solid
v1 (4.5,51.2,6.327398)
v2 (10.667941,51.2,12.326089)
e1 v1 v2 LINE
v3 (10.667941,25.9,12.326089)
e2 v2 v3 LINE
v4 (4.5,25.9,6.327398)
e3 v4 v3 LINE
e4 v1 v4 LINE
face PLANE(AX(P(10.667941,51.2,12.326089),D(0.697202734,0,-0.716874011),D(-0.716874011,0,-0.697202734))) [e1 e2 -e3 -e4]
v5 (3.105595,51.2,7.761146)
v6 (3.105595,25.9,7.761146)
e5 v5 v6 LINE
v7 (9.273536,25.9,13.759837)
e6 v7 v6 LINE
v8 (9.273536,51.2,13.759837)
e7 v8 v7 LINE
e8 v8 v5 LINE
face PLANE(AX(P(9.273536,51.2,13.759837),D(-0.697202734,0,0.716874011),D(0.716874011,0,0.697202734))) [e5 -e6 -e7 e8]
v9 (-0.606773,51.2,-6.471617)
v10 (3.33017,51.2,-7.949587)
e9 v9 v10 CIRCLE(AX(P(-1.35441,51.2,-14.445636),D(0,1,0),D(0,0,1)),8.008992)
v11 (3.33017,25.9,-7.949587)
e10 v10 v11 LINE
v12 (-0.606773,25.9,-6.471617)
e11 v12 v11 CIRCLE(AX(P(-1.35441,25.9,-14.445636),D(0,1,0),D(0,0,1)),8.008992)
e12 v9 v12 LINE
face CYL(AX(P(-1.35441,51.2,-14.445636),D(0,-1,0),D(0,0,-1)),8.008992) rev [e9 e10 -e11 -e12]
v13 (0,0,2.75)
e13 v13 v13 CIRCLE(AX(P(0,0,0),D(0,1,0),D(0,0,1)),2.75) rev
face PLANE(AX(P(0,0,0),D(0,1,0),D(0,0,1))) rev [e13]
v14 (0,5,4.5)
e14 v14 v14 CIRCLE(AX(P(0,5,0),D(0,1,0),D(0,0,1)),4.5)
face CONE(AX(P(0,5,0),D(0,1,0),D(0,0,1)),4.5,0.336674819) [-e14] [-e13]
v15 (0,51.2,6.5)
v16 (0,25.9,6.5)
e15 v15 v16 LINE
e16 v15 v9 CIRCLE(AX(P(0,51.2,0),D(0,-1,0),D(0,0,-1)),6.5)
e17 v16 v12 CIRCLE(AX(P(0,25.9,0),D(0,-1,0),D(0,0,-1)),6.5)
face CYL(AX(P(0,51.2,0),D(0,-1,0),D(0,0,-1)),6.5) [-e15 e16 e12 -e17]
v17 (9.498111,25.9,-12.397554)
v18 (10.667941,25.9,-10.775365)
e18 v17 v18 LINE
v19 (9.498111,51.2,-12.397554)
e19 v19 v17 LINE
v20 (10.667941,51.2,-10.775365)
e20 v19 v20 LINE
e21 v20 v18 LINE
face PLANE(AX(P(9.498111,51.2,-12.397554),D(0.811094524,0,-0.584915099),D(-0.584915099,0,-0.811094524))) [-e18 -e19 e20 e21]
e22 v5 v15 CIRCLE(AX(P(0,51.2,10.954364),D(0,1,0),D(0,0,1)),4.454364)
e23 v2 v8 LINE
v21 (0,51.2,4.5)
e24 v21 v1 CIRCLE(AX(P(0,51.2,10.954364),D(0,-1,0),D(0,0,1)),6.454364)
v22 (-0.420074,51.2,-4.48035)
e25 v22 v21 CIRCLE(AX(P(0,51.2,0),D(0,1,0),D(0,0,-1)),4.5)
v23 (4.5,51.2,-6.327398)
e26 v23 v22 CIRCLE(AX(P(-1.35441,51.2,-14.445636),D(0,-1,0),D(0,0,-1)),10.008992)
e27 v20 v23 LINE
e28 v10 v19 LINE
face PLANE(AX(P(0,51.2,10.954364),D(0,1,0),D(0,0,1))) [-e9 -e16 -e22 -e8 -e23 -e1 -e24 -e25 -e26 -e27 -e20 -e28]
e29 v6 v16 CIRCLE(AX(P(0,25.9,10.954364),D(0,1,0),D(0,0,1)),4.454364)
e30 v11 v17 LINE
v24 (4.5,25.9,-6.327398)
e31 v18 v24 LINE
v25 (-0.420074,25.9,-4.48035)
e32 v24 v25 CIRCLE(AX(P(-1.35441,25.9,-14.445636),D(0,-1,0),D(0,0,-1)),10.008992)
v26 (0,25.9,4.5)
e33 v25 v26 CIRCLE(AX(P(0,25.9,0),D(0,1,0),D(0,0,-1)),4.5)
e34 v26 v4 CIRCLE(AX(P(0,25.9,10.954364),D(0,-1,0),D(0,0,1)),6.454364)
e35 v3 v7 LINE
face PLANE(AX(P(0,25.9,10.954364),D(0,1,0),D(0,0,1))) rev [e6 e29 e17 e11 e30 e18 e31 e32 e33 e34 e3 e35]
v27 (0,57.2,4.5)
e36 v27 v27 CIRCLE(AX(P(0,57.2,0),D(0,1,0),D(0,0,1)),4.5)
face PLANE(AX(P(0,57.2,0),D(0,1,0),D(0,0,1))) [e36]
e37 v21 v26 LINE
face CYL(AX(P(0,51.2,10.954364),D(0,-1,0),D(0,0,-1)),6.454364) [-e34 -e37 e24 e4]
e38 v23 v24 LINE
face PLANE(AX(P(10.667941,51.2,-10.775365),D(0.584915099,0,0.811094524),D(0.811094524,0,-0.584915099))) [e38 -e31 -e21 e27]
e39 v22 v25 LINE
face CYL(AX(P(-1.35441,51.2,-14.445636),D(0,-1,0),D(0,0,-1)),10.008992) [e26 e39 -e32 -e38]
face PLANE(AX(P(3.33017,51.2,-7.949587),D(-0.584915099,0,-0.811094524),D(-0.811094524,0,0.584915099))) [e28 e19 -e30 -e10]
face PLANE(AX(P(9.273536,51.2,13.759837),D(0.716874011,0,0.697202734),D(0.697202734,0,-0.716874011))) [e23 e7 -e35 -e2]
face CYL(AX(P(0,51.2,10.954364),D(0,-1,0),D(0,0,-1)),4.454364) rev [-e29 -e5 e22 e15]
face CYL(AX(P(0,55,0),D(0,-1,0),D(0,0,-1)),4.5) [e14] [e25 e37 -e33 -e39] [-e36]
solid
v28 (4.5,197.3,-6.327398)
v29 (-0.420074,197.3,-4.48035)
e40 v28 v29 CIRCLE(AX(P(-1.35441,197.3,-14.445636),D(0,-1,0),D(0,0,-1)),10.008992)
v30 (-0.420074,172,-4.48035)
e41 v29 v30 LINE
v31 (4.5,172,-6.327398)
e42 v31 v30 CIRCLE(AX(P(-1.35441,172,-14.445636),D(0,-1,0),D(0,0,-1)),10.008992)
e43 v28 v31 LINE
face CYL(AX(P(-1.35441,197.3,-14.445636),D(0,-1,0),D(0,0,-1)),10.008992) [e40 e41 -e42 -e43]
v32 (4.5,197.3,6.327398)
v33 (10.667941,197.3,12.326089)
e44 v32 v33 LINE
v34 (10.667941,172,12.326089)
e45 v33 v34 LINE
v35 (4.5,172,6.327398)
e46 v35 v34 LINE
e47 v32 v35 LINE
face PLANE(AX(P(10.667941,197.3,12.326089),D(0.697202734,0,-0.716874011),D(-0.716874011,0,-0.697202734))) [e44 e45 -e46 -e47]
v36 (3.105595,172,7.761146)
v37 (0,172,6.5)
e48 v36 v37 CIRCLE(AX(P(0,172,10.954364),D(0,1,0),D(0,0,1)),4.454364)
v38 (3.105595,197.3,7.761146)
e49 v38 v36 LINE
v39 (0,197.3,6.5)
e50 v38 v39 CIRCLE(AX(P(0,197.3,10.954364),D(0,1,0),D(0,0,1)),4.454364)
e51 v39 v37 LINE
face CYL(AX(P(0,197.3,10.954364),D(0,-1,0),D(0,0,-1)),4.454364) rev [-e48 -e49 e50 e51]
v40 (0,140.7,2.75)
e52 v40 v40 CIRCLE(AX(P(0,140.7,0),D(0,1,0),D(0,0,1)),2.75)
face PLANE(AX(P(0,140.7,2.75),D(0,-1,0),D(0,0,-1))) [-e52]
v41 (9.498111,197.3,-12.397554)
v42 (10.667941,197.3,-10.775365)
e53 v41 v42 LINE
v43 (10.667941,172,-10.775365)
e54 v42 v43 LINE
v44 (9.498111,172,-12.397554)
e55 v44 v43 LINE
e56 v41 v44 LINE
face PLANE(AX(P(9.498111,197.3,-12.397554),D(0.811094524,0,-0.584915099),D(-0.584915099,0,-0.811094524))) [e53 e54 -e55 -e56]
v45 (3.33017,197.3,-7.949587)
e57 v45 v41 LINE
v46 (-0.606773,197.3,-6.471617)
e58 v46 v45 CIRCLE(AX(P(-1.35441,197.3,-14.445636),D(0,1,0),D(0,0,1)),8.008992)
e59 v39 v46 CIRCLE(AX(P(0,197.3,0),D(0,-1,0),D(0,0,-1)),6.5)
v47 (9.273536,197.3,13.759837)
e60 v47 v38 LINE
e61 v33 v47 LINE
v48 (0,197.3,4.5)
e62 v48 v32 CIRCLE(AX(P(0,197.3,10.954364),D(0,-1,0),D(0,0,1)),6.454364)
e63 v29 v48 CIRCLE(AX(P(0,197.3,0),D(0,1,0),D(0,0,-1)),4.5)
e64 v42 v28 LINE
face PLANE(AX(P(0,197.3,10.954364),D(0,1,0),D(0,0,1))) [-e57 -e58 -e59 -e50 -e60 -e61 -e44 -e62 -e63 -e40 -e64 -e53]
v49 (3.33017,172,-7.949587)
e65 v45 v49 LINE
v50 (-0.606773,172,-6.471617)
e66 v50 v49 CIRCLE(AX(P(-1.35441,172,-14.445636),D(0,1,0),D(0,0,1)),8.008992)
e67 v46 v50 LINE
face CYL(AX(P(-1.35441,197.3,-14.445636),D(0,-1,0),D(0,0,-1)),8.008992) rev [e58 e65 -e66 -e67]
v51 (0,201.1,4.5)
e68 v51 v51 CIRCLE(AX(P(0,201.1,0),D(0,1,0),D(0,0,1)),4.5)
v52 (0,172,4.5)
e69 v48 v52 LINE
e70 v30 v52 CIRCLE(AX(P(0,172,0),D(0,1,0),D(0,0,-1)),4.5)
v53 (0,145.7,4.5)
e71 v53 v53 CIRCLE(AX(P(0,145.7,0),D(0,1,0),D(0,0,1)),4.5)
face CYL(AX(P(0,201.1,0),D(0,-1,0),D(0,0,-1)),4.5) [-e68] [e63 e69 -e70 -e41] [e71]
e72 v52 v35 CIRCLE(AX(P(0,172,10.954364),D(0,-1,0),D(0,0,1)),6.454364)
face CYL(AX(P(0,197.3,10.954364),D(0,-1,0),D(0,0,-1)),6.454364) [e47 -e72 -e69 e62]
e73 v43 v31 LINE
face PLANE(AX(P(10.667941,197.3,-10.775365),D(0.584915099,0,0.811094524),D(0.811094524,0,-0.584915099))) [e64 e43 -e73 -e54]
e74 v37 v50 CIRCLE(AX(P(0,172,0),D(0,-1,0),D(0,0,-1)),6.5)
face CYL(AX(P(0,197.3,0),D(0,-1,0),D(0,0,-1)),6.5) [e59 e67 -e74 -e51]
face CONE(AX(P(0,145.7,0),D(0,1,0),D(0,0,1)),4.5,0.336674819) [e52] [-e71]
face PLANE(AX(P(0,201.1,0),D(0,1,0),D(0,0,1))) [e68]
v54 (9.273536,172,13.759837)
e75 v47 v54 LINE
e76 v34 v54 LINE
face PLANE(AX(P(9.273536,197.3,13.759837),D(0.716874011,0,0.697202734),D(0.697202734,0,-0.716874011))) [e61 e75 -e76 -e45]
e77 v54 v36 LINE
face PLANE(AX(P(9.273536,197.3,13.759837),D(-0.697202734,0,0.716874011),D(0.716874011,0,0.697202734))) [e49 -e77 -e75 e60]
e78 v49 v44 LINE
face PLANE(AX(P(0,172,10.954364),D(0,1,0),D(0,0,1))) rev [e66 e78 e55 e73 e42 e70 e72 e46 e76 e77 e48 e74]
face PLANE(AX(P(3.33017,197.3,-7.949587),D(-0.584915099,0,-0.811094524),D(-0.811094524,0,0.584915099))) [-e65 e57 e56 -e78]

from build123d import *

# Parameters (mm, degrees)
SKETCH1_R           = 4.5
BOSS_EXTRUDE1_DEPTH = 55
CHAMFER1_SIZE       = 1.75
CHAMFER1_SIZE2      = 5
BOSS_EXTRUDE2_DEPTH = 25.3
LPATTERN1_COUNT     = 2
LPATTERN1_PITCH     = 146.1
SKETCH4_R           = 4.5
BOSS_EXTRUDE3_DEPTH = 2.2


with BuildPart() as part:
    # Sketch1 → Boss-Extrude1 (new body)
    with BuildSketch(Plane(origin=(0, 0, 0), x_dir=(1, 0, 0), z_dir=(0, 1, 0))):
        Circle(SKETCH1_R)
    extrude(amount=BOSS_EXTRUDE1_DEPTH)

    # Chamfer1
    chamfer1_edges = [part.edges().sort_by_distance(p)[0] for p in [
        (-4.5, 0, 0),
    ]]
    chamfer1_side = [part.faces().sort_by_distance(p)[0] for p in [
        (0, 0, 0),
    ]]
    chamfer(chamfer1_edges, length=CHAMFER1_SIZE, length2=CHAMFER1_SIZE2, reference=chamfer1_side[0])

    # Sketch2 → Boss-Extrude2 (add)
    with BuildSketch(Plane(origin=(0, 25.9, 0), x_dir=(-1, 0, 0), z_dir=(0, -1, 0))):
        with BuildLine():
            Line((-10.667941217, -12.326088827), (-4.5, -6.327398099))
            ThreePointArc((-4.5, -6.327398099), (-2.428445172, -4.974274671), (0, -4.5))
            ThreePointArc((0, -4.5), (4.495084869, -0.210266542), (0.420073756, 4.480350214))
            ThreePointArc((0.420073756, 4.480350214), (-2.163354244, 5.075191059), (-4.5, 6.327398099))
            Line((-4.5, 6.327398099), (-10.667941217, 10.775365439))
            Line((-10.667941217, 10.775365439), (-9.498111019, 12.397554486))
            Line((-9.498111019, 12.397554486), (-3.330169801, 7.949587147))
            ThreePointArc((-3.330169801, 7.949587147), (-1.460433366, 6.947596528), (0.606773203, 6.471616976))
            ThreePointArc((0.606773203, 6.471616976), (6.492900367, -0.303718338), (0, -6.5))
            ThreePointArc((0, -6.5), (-1.67594801, -6.827312183), (-3.105594531, -7.761146121))
            Line((-3.105594531, -7.761146121), (-9.273535749, -13.759836849))
            Line((-9.273535749, -13.759836849), (-10.667941217, -12.326088827))
        make_face()
    extrude(amount=-BOSS_EXTRUDE2_DEPTH)


with BuildPart() as lpattern1_1:
    # LPattern1: pattern copy
    add(part.part.moved(Location(Vector(0, 1, 0) * (1 * LPATTERN1_PITCH))))

    # Sketch3 → Revolve3 (revolve)
    with BuildSketch(Plane(origin=(0, 0, 0), x_dir=(0, 0, -1), z_dir=(1, 0, 0))):
        Polygon((0, 146.1), (0, 140.7), (-2.75, 140.7), (-4.5, 145.7), (-4.5, 151.1), (-2.75, 146.1), align=None)
    revolve(axis=Axis((0, 146.1, 0), (0, -1, 0)))


with BuildPart() as part_1:
    add(part.part)

    # Sketch4 → Boss-Extrude3 (add)
    with BuildSketch(Plane(origin=(0, 55, 0), x_dir=(1, 0, 0), z_dir=(0, 1, 0))):
        Circle(SKETCH4_R)
    extrude(amount=BOSS_EXTRUDE3_DEPTH)


solid = Compound([lpattern1_1.part, part_1.part])
